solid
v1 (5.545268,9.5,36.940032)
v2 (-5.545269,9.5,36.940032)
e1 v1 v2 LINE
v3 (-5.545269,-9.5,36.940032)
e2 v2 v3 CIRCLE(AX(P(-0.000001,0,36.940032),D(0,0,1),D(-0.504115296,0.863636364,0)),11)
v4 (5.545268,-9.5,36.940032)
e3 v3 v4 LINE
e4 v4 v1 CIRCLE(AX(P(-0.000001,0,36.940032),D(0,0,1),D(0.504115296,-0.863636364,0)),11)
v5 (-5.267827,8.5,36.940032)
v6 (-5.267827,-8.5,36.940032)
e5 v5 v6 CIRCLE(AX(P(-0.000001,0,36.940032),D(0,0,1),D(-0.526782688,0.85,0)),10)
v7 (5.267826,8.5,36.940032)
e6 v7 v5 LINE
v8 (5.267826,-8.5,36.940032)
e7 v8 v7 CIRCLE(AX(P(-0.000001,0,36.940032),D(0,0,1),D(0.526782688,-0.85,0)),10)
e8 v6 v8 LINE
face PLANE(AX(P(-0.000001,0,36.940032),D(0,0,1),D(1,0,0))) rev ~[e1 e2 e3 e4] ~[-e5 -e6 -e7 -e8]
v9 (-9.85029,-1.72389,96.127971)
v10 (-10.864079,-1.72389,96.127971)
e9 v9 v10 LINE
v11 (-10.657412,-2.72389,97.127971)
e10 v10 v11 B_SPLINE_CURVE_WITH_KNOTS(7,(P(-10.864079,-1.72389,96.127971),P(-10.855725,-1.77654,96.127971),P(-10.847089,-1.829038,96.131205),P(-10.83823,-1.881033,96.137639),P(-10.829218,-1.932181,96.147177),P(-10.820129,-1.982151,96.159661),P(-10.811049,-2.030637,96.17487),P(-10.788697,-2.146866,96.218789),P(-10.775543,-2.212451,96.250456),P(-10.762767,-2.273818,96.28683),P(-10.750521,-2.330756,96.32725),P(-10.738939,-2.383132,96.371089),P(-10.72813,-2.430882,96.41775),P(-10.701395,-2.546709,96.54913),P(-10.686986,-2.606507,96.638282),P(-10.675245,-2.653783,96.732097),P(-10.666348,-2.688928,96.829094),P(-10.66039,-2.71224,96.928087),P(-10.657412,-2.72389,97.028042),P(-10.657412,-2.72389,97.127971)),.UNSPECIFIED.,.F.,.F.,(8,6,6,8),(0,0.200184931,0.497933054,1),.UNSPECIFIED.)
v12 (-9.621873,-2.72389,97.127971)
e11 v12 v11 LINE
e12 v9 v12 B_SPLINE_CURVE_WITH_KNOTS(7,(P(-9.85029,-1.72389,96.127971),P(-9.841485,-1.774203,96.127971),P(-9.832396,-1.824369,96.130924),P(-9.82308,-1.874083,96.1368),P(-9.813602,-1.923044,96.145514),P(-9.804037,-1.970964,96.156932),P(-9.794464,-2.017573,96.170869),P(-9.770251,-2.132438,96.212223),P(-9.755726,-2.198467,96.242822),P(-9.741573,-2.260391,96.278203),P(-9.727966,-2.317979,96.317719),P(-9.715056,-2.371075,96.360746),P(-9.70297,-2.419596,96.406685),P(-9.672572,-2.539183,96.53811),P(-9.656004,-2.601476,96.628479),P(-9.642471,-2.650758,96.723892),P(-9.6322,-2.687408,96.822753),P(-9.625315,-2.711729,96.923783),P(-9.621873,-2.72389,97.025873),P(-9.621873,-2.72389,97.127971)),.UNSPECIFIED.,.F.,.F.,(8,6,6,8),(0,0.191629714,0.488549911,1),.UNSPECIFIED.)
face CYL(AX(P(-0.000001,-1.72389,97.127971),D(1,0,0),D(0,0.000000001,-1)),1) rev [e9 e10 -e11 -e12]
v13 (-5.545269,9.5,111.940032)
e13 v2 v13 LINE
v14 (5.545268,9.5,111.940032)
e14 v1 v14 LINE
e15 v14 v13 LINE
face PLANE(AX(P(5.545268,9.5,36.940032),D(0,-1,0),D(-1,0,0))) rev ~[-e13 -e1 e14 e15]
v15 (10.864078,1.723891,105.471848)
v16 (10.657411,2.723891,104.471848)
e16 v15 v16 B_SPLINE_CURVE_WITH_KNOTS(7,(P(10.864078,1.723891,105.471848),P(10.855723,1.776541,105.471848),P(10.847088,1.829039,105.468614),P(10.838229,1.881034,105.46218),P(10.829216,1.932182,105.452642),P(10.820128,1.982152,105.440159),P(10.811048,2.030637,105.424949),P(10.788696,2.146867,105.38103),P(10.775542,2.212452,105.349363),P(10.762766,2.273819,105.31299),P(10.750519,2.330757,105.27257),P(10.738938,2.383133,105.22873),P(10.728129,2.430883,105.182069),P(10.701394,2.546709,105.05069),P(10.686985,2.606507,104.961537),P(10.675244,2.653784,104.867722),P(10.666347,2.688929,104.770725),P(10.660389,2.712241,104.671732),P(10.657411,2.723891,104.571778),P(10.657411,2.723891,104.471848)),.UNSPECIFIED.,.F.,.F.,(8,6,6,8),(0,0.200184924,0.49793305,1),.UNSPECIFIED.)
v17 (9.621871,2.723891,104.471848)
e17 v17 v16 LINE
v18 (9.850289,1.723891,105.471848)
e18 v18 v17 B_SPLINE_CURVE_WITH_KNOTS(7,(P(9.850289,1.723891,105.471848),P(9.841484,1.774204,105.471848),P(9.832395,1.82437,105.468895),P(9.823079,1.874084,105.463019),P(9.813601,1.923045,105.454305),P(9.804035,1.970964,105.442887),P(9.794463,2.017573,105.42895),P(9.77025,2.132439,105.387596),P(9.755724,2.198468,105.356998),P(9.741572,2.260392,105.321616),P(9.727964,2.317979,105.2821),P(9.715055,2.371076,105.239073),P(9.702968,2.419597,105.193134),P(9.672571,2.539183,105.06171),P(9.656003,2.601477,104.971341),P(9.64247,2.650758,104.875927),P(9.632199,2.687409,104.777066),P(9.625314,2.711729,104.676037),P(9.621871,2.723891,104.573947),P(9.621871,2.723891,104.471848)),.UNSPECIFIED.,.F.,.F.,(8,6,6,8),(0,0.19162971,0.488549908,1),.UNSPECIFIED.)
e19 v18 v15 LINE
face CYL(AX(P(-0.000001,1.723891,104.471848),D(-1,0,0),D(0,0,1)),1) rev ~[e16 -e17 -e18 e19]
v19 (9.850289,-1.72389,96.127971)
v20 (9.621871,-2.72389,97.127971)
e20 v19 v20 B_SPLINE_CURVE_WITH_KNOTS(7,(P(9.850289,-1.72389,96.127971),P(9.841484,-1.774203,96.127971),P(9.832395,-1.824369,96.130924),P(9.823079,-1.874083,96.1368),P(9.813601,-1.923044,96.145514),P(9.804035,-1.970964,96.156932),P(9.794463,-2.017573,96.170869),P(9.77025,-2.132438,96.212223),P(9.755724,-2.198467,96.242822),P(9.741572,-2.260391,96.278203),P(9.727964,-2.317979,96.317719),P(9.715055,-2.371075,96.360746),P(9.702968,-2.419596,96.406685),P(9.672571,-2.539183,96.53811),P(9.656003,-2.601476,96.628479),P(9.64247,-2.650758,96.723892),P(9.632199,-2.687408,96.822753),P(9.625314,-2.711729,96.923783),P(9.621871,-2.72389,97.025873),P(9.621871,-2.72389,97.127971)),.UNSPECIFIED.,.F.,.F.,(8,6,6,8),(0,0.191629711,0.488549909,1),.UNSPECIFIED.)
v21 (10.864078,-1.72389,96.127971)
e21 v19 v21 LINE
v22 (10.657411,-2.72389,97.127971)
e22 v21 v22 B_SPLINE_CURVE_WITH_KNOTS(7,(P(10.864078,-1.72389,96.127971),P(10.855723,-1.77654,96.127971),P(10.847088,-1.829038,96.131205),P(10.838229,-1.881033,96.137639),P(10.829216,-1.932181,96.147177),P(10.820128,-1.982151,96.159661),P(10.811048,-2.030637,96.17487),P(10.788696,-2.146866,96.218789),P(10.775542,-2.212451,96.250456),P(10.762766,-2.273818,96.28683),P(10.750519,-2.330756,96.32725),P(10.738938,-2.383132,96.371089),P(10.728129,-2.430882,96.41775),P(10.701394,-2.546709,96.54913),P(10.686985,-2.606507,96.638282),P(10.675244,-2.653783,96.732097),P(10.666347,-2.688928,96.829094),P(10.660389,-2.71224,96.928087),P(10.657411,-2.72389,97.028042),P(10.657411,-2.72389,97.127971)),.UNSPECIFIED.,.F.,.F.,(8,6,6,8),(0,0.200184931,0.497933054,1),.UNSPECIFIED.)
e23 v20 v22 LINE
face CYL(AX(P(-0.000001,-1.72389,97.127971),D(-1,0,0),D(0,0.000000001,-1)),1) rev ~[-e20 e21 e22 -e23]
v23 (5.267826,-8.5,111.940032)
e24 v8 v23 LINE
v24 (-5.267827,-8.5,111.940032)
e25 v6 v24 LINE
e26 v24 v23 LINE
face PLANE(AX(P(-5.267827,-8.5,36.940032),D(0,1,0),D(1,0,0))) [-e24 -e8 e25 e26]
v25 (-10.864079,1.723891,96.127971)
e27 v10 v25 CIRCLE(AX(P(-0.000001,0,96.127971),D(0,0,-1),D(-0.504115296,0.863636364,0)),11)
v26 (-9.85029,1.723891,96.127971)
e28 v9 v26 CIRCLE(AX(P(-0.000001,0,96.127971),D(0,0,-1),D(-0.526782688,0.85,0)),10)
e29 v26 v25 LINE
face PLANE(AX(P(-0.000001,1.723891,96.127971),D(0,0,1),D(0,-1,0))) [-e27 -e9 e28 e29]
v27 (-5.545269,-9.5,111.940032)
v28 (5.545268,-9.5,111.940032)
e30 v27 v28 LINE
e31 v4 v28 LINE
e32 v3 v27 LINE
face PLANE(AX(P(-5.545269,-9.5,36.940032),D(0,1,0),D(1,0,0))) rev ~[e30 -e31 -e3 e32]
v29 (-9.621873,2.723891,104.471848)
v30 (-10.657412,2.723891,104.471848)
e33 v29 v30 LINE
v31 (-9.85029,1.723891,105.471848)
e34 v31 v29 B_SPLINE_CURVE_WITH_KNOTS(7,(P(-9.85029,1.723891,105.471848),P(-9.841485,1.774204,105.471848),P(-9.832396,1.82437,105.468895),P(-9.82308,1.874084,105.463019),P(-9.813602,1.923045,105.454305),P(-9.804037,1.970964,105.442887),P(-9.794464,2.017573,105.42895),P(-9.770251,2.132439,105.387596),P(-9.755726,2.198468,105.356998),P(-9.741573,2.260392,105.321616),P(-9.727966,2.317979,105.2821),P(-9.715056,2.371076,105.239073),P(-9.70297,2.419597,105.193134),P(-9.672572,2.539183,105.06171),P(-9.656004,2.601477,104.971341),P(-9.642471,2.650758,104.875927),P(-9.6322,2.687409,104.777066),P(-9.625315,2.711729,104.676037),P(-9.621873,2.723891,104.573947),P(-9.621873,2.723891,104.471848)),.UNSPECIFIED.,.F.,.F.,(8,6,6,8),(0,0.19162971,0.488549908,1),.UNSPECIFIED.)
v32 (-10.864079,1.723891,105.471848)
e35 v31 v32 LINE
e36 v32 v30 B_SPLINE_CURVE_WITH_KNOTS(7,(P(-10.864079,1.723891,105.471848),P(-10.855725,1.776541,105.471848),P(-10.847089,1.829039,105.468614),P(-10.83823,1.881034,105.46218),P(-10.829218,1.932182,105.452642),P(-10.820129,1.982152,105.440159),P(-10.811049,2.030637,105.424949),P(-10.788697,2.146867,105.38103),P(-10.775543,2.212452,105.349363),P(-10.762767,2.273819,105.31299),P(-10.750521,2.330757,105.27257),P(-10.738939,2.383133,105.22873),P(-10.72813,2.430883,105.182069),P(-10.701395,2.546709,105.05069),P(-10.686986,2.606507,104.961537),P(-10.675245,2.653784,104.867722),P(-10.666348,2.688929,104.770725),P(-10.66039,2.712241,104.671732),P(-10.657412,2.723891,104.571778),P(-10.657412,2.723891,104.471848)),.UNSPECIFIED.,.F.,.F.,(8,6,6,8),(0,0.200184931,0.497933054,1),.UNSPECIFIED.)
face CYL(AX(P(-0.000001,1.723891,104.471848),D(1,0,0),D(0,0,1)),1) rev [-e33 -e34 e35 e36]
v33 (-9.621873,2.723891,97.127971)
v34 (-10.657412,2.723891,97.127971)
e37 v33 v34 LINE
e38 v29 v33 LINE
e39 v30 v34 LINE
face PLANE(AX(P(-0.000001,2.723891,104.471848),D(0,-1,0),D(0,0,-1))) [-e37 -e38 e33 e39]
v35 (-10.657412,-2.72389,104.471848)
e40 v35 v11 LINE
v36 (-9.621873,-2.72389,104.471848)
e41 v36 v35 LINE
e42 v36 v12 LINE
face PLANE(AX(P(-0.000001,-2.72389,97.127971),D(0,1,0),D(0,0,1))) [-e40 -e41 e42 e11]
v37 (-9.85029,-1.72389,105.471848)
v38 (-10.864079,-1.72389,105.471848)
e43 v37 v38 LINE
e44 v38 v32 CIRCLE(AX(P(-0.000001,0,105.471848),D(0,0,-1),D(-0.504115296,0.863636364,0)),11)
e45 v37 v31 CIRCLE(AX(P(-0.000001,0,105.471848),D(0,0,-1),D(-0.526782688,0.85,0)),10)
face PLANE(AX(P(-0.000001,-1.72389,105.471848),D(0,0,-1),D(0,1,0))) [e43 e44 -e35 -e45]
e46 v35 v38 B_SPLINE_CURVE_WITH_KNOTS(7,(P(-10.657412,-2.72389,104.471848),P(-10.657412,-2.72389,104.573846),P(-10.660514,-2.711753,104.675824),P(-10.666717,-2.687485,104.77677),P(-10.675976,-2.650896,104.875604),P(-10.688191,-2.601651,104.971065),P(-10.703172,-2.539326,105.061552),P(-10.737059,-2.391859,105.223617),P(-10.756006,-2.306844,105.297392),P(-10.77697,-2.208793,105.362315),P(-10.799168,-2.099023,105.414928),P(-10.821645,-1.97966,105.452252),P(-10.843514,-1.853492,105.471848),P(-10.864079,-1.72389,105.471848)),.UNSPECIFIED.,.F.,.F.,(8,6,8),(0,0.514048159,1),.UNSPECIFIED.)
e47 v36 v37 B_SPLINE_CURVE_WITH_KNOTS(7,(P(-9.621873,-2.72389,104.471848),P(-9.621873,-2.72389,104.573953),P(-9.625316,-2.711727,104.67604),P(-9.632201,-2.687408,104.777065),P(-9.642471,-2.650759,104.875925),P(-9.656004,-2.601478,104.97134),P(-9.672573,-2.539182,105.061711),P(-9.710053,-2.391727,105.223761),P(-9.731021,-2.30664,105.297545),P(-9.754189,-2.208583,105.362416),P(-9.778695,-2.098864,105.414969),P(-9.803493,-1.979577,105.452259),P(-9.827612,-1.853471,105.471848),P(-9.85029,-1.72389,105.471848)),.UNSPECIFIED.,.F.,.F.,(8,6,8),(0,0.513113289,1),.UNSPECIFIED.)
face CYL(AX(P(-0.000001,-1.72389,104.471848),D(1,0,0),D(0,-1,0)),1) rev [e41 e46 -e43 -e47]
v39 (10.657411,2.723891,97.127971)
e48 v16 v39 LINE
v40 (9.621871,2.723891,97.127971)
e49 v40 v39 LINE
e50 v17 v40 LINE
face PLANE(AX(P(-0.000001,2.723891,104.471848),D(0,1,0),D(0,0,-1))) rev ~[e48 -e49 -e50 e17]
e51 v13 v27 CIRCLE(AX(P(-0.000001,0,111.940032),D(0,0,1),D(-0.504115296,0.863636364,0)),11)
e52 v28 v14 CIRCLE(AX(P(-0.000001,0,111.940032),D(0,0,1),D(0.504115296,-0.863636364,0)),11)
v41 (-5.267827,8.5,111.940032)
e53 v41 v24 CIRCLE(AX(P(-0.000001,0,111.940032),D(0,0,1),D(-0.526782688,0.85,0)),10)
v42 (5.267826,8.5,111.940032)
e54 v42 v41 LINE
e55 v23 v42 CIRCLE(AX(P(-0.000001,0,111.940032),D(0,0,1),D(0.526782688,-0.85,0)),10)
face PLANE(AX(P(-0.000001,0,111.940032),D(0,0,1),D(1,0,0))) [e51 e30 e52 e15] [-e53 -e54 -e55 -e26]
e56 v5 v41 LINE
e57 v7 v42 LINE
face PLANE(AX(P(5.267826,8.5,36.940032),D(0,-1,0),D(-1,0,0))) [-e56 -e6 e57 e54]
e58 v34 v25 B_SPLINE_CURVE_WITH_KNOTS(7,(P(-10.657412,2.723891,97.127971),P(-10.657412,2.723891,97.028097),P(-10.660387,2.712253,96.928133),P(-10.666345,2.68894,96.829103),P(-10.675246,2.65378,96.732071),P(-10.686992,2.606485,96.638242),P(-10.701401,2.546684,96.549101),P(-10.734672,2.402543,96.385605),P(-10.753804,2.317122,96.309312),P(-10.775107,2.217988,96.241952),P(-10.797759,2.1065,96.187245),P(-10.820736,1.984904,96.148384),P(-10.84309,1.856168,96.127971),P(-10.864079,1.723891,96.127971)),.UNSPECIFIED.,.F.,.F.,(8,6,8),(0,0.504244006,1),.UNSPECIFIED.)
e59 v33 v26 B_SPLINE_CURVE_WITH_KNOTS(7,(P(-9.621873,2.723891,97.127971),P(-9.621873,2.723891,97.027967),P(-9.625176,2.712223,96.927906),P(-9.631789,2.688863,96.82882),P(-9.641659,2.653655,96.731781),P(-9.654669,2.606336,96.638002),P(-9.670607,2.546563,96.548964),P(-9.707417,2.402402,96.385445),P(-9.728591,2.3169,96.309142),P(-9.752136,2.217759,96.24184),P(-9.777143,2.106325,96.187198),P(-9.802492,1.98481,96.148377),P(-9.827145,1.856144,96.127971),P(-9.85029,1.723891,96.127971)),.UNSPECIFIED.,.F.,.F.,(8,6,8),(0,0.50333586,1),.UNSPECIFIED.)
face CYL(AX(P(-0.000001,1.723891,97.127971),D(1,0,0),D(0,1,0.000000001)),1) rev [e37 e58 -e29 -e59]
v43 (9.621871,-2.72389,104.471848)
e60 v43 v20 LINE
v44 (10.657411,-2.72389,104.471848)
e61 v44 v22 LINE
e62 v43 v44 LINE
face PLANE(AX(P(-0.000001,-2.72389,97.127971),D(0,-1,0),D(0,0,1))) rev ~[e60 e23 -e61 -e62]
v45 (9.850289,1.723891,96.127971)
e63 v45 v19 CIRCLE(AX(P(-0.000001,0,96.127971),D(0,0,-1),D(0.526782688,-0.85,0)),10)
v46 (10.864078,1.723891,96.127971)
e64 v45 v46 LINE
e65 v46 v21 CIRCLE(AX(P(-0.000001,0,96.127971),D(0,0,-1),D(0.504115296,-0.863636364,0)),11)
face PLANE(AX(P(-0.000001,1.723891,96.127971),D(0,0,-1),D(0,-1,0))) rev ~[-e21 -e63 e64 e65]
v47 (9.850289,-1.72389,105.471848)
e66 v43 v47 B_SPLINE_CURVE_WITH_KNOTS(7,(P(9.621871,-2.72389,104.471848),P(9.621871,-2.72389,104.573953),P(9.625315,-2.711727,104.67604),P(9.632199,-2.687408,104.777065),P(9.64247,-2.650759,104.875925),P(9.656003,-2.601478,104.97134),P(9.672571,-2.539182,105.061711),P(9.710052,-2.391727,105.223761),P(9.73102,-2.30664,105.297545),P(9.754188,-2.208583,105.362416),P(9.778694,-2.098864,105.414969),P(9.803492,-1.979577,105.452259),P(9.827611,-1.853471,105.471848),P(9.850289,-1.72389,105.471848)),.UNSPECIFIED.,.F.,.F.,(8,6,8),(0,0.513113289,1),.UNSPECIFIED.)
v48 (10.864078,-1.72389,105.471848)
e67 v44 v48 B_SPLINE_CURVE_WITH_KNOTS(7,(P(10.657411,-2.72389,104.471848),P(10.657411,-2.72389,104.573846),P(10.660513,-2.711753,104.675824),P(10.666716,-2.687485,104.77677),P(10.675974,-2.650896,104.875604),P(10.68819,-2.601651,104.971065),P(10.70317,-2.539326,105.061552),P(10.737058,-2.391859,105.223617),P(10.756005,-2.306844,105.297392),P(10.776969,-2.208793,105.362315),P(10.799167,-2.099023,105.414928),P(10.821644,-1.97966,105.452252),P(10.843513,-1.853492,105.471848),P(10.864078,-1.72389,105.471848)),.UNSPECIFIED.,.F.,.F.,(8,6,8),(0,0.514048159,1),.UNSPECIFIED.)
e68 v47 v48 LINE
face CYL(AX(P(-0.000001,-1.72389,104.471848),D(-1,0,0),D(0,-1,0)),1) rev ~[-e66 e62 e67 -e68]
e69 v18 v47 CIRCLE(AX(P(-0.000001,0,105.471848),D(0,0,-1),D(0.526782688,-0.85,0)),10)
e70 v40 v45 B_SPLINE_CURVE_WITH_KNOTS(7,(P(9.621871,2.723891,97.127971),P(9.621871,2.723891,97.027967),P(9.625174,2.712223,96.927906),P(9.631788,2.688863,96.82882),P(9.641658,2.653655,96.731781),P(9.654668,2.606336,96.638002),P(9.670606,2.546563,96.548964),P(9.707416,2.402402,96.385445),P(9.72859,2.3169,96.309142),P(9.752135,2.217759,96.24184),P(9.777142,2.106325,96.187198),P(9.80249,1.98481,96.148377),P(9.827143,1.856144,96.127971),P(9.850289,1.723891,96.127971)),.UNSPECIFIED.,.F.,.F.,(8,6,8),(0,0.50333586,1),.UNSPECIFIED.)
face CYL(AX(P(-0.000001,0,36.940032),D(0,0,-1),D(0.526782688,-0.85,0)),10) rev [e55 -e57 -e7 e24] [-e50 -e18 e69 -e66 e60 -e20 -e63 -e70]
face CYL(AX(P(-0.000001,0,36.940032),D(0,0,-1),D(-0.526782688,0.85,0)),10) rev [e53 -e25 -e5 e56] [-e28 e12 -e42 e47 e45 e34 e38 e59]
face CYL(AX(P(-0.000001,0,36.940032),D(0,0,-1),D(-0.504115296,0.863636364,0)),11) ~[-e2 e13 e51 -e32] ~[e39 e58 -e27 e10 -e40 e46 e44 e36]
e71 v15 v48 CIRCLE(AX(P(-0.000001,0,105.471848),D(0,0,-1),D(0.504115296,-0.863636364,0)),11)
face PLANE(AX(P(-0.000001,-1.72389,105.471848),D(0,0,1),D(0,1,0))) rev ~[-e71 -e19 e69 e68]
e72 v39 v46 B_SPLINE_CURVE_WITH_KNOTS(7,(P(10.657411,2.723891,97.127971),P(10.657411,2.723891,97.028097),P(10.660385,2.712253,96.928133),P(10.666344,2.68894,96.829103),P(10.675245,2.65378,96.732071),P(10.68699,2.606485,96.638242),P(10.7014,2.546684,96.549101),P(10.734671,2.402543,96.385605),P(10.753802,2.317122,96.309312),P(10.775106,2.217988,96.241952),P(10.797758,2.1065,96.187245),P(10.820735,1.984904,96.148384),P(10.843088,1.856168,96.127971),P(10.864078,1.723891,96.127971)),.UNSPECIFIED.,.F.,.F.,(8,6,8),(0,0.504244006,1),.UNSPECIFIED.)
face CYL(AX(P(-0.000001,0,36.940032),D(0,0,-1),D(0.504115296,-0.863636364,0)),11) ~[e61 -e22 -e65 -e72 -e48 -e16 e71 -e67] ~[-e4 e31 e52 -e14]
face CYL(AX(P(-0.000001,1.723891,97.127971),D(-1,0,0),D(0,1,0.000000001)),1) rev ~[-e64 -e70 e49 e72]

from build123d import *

# Parameters (mm, degrees)
BOSS_EXTRUDE1_DEPTH     = 150
CUT_EXTRUDE1_DEPTH      = 23
CUT_EXTRUDE1_DEPTH_BACK = 23
SCALE1_SCALE            = 0.5


with BuildPart() as part:
    # Sketch1 → Boss-Extrude1 (new body)
    with BuildSketch(Plane.XY):
        with BuildLine():
            Line((11.090536506, 19), (-11.090536506, 19))
            ThreePointArc((-11.090536506, 19), (-22, 0), (-11.090536506, -19))
            Line((-11.090536506, -19), (11.090536506, -19))
            ThreePointArc((11.090536506, -19), (22, 0), (11.090536506, 19))
        make_face()
        with BuildLine():
            Line((10.535653753, 17), (-10.535653753, 17))
            ThreePointArc((-10.535653753, 17), (-20, 0), (-10.535653753, -17))
            Line((-10.535653753, -17), (10.535653753, -17))
            ThreePointArc((10.535653753, -17), (20, 0), (10.535653753, 17))
        make_face(mode=Mode.SUBTRACT)
    extrude(amount=BOSS_EXTRUDE1_DEPTH)

    # Sketch2 → Cut-Extrude1 (cut, two sides)
    with BuildSketch(Plane(origin=(0, 0, 0), x_dir=(0, 0, -1), z_dir=(1, 0, 0))) as cut_extrude1_sk:
        with BuildLine():
            Line((-135.063632734, 5.44778031), (-120.375877862, 5.44778031))
            ThreePointArc((-120.375877862, 5.44778031), (-118.961664299, 4.861993873), (-118.375877862, 3.44778031))
            Line((-118.375877862, 3.44778031), (-118.375877862, -3.44778031))
            ThreePointArc((-118.375877862, -3.44778031), (-118.961664299, -4.861993873), (-120.375877862, -5.44778031))
            Line((-120.375877862, -5.44778031), (-135.063632734, -5.44778031))
            ThreePointArc((-135.063632734, -5.44778031), (-136.477846296, -4.861993873), (-137.063632734, -3.44778031))
            Line((-137.063632734, -3.44778031), (-137.063632734, 3.44778031))
            ThreePointArc((-137.063632734, 3.44778031), (-136.477846296, 4.861993873), (-135.063632734, 5.44778031))
        make_face()
    extrude(amount=CUT_EXTRUDE1_DEPTH, mode=Mode.SUBTRACT)
    extrude(cut_extrude1_sk.sketch, amount=-CUT_EXTRUDE1_DEPTH_BACK, mode=Mode.SUBTRACT)


with BuildPart() as part_1:
    # Scale1: scaled about (-1.198e-06, 7.41e-07, 73.880063971)
    add(part.part.scale(SCALE1_SCALE).moved(Location((-5.99e-07, 3.7e-07, 36.940031985))))


solid = part_1.part
